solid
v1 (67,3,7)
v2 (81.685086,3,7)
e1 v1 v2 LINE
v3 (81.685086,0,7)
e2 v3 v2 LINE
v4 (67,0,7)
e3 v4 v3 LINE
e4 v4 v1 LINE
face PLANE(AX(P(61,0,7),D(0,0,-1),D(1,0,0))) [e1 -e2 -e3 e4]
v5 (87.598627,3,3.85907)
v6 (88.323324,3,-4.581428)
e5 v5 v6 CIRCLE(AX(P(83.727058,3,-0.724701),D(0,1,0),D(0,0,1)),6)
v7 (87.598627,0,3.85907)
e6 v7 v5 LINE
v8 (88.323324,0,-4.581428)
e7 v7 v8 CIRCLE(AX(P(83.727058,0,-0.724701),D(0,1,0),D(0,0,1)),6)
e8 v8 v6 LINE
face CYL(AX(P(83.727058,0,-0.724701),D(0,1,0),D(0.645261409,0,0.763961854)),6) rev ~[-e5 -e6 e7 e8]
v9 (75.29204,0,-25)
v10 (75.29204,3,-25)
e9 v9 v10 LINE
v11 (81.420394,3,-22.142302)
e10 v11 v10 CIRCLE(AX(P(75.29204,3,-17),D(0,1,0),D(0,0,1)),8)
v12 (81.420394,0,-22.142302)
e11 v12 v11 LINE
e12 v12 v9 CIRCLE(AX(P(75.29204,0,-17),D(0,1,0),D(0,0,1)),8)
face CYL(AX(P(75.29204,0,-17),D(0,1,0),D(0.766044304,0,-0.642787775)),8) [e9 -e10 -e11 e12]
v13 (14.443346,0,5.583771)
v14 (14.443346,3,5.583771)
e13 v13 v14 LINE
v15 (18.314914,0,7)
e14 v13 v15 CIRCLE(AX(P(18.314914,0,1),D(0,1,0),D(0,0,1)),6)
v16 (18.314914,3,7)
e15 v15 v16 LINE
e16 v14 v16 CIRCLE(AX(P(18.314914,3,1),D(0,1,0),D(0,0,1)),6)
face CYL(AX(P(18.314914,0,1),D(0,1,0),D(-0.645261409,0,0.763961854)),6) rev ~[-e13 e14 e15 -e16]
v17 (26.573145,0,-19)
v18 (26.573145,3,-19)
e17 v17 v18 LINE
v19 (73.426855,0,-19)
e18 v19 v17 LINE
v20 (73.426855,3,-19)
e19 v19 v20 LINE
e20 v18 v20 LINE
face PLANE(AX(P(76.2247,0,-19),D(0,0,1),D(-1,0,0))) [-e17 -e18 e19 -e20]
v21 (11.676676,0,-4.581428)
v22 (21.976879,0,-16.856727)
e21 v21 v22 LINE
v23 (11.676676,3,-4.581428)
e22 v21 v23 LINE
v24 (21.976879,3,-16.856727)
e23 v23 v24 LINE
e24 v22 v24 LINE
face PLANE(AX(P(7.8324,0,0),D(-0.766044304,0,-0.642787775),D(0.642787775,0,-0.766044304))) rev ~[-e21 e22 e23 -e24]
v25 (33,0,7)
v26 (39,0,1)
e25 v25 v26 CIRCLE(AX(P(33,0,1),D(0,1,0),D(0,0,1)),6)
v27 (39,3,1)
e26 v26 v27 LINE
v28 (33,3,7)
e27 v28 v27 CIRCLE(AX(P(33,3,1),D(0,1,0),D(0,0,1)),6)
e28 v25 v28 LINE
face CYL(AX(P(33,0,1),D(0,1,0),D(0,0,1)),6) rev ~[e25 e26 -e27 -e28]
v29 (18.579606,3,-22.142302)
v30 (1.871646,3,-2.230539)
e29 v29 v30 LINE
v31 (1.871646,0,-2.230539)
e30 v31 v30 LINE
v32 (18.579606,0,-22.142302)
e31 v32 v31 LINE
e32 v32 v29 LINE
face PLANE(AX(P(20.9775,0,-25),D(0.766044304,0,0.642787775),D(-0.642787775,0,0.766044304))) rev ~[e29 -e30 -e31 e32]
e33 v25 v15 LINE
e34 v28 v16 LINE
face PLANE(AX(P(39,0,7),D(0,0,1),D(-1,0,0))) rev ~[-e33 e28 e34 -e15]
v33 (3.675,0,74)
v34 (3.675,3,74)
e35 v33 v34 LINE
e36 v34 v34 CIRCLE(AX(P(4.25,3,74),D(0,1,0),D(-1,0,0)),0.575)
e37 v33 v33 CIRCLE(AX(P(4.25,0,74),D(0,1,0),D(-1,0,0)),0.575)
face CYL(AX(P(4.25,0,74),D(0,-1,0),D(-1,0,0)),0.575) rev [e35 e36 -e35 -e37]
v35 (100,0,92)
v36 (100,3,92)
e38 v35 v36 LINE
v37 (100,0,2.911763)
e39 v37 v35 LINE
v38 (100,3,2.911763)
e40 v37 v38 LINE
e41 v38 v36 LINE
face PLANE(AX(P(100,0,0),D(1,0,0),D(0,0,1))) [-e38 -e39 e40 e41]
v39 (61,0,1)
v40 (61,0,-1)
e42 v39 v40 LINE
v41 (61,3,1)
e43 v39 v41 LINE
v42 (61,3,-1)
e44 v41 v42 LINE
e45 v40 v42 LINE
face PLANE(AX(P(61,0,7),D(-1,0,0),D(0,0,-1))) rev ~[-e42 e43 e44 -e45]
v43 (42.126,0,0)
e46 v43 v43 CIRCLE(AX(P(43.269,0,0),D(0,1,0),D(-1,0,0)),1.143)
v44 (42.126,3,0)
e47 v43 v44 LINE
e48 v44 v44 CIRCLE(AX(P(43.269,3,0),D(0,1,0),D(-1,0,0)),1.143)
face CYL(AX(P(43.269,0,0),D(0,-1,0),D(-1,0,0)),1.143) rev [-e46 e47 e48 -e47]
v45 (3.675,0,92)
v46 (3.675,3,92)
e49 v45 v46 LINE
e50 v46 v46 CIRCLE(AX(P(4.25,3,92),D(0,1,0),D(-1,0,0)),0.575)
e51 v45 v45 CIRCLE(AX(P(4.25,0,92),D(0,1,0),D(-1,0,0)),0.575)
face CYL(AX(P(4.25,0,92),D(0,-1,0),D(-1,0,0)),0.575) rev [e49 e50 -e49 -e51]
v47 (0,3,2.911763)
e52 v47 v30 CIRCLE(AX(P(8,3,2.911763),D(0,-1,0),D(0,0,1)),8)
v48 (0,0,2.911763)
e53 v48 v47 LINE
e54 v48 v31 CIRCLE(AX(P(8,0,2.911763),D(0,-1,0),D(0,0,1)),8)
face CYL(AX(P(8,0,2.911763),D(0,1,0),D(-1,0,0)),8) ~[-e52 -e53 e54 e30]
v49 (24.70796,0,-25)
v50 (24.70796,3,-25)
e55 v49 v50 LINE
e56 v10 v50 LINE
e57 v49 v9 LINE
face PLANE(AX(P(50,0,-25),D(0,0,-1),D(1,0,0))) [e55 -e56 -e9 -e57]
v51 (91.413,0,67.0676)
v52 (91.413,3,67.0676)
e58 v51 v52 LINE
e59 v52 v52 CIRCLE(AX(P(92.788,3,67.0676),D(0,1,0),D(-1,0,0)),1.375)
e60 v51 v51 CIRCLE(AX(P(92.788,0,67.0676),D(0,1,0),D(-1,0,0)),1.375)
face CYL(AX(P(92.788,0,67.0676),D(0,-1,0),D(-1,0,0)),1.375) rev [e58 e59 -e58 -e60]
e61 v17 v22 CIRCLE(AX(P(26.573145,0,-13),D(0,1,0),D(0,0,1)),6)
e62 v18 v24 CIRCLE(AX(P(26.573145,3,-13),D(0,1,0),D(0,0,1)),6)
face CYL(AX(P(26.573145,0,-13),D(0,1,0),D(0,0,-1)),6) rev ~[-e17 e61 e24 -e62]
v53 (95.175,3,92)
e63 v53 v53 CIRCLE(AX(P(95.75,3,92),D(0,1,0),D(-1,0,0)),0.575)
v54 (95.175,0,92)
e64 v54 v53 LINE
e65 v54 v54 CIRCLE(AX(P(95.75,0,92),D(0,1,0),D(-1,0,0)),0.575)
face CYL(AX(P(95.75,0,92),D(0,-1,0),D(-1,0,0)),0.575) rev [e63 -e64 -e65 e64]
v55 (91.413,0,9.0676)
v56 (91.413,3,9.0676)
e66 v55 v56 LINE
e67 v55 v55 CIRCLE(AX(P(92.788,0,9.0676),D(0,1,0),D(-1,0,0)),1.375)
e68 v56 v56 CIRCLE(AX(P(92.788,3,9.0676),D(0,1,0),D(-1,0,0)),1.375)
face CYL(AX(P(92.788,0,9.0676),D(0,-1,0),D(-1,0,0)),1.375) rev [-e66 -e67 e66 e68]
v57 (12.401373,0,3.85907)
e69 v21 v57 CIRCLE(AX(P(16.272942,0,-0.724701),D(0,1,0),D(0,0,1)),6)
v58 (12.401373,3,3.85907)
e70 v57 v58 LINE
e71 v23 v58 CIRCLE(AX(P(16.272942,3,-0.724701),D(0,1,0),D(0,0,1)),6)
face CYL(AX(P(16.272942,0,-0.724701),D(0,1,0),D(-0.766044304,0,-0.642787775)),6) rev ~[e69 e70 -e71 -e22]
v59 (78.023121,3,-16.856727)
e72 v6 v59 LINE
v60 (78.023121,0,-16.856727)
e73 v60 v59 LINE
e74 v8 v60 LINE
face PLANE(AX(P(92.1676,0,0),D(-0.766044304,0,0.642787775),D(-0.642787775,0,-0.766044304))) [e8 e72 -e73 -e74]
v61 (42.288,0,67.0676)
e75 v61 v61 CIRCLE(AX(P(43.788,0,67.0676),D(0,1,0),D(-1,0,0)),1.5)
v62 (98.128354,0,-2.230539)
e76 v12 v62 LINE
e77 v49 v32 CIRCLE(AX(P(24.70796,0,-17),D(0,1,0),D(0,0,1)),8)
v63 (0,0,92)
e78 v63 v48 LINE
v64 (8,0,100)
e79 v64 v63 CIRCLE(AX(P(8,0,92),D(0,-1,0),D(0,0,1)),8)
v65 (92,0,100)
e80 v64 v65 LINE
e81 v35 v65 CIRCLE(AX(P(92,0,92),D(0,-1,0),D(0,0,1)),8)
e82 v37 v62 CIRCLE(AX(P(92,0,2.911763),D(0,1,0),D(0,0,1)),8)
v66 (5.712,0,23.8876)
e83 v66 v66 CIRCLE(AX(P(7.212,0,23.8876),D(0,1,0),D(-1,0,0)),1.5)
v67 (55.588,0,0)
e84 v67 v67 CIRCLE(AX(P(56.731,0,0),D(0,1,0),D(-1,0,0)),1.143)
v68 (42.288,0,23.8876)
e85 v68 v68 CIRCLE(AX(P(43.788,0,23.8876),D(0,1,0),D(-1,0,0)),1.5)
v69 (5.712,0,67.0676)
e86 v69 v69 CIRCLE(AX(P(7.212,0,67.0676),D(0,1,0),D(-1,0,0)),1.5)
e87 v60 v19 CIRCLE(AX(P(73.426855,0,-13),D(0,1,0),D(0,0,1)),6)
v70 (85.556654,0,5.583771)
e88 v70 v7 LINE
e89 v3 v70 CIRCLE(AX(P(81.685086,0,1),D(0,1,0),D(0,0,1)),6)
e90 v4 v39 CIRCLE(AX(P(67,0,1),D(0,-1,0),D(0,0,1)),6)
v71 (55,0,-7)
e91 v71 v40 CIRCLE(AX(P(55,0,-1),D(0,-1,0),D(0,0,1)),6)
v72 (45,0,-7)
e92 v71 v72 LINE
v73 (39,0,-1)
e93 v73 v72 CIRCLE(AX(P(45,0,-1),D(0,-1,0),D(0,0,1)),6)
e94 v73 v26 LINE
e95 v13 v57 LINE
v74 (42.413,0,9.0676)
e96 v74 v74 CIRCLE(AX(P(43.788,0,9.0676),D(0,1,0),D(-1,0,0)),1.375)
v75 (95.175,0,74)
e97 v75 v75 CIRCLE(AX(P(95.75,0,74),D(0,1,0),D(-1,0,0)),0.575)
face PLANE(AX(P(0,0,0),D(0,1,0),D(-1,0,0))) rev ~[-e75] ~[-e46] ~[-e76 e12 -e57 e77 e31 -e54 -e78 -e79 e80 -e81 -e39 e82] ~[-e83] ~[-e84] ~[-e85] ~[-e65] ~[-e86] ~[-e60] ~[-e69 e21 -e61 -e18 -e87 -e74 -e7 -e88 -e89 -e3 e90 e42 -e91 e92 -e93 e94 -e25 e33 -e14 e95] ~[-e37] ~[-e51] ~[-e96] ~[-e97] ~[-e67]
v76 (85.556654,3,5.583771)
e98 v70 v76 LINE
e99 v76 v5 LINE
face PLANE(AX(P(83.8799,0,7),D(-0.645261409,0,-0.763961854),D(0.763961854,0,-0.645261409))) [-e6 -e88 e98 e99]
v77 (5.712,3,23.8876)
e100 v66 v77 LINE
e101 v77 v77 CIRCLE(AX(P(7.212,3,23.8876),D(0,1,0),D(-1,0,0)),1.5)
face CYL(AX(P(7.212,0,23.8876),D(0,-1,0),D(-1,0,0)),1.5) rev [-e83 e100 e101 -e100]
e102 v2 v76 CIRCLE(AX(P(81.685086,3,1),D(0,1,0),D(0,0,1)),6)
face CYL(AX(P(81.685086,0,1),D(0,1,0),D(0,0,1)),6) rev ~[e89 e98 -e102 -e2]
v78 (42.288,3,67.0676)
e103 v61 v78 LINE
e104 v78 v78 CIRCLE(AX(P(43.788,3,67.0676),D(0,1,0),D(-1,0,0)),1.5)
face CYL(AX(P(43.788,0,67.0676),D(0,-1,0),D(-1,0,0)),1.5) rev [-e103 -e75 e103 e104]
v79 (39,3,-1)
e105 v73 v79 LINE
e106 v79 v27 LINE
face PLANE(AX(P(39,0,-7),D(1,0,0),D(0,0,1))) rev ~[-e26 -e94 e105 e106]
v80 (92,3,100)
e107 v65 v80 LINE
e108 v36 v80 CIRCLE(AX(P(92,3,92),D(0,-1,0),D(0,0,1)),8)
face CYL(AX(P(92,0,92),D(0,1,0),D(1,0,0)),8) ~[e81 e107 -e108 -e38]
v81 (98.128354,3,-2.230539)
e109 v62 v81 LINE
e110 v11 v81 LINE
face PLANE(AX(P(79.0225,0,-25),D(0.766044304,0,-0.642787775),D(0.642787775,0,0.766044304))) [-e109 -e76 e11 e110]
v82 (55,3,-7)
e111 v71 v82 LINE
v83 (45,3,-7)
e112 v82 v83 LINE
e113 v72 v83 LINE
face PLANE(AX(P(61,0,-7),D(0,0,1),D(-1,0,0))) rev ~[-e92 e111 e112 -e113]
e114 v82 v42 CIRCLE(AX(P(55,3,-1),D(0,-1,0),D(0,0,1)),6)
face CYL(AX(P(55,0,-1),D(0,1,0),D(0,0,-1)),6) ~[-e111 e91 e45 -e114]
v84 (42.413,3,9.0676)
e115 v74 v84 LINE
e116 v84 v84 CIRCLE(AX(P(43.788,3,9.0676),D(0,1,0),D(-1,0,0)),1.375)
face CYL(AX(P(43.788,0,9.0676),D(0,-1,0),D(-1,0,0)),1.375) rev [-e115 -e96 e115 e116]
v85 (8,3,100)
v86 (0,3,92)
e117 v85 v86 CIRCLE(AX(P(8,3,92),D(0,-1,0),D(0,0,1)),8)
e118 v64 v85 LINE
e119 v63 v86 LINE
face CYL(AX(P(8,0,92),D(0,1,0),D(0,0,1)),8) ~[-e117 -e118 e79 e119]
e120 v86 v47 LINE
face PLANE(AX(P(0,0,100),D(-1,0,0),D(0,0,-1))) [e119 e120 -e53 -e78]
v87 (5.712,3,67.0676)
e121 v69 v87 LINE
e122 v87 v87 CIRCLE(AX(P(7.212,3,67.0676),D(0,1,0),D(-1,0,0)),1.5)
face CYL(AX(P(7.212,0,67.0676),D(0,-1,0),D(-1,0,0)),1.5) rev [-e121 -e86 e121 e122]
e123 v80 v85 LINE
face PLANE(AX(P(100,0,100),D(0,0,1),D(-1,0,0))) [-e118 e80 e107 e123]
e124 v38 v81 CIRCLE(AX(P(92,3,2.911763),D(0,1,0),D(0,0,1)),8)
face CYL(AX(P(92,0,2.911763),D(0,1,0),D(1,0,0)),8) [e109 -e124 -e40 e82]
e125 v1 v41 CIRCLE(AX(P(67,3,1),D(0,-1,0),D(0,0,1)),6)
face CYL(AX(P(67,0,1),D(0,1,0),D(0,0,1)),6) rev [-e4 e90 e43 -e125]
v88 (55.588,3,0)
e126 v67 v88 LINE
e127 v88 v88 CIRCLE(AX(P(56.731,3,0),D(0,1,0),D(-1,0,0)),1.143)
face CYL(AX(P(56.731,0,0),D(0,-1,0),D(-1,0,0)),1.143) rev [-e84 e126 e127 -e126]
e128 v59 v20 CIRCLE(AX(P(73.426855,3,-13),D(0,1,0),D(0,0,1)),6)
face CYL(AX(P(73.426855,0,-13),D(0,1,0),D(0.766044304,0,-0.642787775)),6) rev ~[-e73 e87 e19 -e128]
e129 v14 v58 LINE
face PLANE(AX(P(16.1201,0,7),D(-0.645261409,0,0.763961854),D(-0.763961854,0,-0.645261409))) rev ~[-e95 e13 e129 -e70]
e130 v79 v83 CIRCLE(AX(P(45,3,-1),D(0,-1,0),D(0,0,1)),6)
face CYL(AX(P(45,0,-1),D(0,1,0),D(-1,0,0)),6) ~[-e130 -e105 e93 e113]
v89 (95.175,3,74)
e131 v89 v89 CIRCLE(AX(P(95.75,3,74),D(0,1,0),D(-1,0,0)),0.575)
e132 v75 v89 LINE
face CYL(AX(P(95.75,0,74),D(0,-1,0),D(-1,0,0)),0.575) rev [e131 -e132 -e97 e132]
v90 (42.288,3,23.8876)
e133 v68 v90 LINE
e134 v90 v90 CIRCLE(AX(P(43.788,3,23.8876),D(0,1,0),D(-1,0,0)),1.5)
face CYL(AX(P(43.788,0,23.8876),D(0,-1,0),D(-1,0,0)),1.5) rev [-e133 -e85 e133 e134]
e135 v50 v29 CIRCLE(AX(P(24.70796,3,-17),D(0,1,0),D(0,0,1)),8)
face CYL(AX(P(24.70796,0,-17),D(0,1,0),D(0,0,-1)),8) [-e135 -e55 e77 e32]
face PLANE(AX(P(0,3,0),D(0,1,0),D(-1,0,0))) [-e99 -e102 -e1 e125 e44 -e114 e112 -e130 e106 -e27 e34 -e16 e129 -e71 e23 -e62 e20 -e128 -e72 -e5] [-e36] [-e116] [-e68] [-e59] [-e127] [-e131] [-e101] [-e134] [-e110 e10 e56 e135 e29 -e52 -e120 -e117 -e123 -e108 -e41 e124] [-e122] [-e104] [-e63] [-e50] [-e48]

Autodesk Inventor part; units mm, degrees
ref_plane "YZ Plane" through (0, 0, 0) normal (1, 0, 0) x (0, 1, 0)
ref_plane "XZ Plane" through (0, 0, 0) normal (0, 1, 0) x (-1, 0, 0)
ref_plane "XY Plane" through (0, 0, 0) normal (0, 0, 1) x (1, 0, 0)
sketch "Sketch1" plane through (0, 0, 0) normal (0, 1, 0) x (-1, 0, 0)
  line L0 (0, 0) -> (-100, 0) construction
  line L1 (-100, 0) -> (-100, 100)
  line L2 (-100, 100) -> (0, 100)
  line L3 (0, 100) -> (0, 0)
  circle A0 centre (-4.25, 92) radius 0.575
  circle A1 centre (-4.25, 74) radius 0.575
  line L4 (-50, 100) -> (-50, 0) construction
  line L5 (-7.212, 23.8876) -> (-7.212, 67.0676) construction
  line L6 (-7.212, 67.0676) -> (-43.788, 67.0676) construction
  line L7 (-7.212, 23.8876) -> (-43.788, 23.8876) construction
  circle A2 centre (-7.212, 67.0676) radius 1.5
  circle A3 centre (-43.788, 67.0676) radius 1.5
  circle A4 centre (-7.212, 23.8876) radius 1.5
  circle A5 centre (-43.788, 23.8876) radius 1.5
  line L8 (-43.788, 9.0676) -> (-92.788, 9.0676) construction
  line L9 (-92.788, 9.0676) -> (-92.788, 67.0676) construction
  line L10 (-92.788, 67.0676) -> (-43.788, 67.0676) construction
  line L11 (-43.788, 67.0676) -> (-43.788, 9.0676) construction
  circle A6 centre (-43.788, 9.0676) radius 1.375
  circle A7 centre (-92.788, 9.0676) radius 1.375
  circle A8 centre (-92.788, 67.0676) radius 1.375
  circle A9 centre (-43.788, 67.0676) radius 1.375
  line L12 (-7.212, 45.4776) -> (0, 45.4776) construction
  line L13 (-92.788, 38.0676) -> (-100, 38.0676) construction
  circle A10 centre (-43.269, 0) radius 1.143
  line L14 (0, 0) -> (-100, 0) construction
  circle A11 centre (-95.75, 74) radius 0.575
  circle A12 centre (-56.731, 0) radius 1.143
  circle A13 centre (-95.75, 92) radius 0.575
  line L15 (-39, 7) -> (-61, 7)
  line L16 (-61, 7) -> (-61, -7)
  line L17 (-61, -7) -> (-39, -7)
  line L18 (-39, -7) -> (-39, 7)
  line L19 (-39, 7) -> (-61, -7) construction
  line L20 (-61, 7) -> (-39, -7) construction
  line L21 (-50, 0) -> (-50, -25) construction
  line L22 (-50, -25) -> (-20.9775, -25)
  line L23 (-20.9775, -25) -> (0, 0)
  line L24 (-7.8324, 0) -> (-23.7753, -19)
  line L25 (-23.7753, -19) -> (-50, -19)
  line L26 (-39, 7) -> (-16.1201, 7)
  line L27 (-16.1201, 7) -> (-7.8324, 0)
  line L28 (-50, -25) -> (-79.0225, -25)
  line L29 (-79.0225, -25) -> (-100, 0)
  line L30 (-92.1676, 0) -> (-76.2247, -19)
  line L31 (-76.2247, -19) -> (-50, -19)
  line L32 (-61, 7) -> (-83.8799, 7)
  line L33 (-83.8799, 7) -> (-92.1676, 0)
  line L34 (-30, 100) -> (-70, 100)
  point P0 (-50, 80)
  dimension "d0" = 100
  dimension "d1" = 100
  dimension "d2" = 8
  dimension "d3" = 4.25
  dimension "d4" = 1.15
  dimension "d5" = 18
  dimension "d6" = 43.18
  dimension "d7" = 36.576
  dimension "d8" = 3
  dimension "d9" = 49
  dimension "d10" = 58
  dimension "d15" = 2.75
  dimension "d16" = 13.462
  dimension "d17" = 2.286
  dimension "d33" = 22
  dimension "d34" = 25
  dimension "d36" = 130
  dimension "d37" = 6
  dimension "d38" = 6
  dimension "d39" = 14
extrude "Extrusion1" add sketch "Sketch1" along normal blind 3 contours L1 L2 L3 L23 L22 L28 L29 | L18 L17 L16 L15
fillet "Fillet1" radius 6 10 edges at (61, 1.5, 7) (39, 1.5, 7) (39, 1.5, -7) (61, 1.5, -7) (7.8324, 1.5, 0) (92.1676, 1.5, 0) (83.8799, 1.5, 7) (16.1201, 1.5, 7) (23.7753, 1.5, -19) (76.2247, 1.5, -19)
fillet "Fillet1" radius 8 6 edges at (20.9775, 1.5, -25) (0, 1.5, 0) (79.0225, 1.5, -25) (100, 1.5, 0) (100, 1.5, 100) (0, 1.5, 100)
properties part number "ROBOT CHASSIS PLATE"
